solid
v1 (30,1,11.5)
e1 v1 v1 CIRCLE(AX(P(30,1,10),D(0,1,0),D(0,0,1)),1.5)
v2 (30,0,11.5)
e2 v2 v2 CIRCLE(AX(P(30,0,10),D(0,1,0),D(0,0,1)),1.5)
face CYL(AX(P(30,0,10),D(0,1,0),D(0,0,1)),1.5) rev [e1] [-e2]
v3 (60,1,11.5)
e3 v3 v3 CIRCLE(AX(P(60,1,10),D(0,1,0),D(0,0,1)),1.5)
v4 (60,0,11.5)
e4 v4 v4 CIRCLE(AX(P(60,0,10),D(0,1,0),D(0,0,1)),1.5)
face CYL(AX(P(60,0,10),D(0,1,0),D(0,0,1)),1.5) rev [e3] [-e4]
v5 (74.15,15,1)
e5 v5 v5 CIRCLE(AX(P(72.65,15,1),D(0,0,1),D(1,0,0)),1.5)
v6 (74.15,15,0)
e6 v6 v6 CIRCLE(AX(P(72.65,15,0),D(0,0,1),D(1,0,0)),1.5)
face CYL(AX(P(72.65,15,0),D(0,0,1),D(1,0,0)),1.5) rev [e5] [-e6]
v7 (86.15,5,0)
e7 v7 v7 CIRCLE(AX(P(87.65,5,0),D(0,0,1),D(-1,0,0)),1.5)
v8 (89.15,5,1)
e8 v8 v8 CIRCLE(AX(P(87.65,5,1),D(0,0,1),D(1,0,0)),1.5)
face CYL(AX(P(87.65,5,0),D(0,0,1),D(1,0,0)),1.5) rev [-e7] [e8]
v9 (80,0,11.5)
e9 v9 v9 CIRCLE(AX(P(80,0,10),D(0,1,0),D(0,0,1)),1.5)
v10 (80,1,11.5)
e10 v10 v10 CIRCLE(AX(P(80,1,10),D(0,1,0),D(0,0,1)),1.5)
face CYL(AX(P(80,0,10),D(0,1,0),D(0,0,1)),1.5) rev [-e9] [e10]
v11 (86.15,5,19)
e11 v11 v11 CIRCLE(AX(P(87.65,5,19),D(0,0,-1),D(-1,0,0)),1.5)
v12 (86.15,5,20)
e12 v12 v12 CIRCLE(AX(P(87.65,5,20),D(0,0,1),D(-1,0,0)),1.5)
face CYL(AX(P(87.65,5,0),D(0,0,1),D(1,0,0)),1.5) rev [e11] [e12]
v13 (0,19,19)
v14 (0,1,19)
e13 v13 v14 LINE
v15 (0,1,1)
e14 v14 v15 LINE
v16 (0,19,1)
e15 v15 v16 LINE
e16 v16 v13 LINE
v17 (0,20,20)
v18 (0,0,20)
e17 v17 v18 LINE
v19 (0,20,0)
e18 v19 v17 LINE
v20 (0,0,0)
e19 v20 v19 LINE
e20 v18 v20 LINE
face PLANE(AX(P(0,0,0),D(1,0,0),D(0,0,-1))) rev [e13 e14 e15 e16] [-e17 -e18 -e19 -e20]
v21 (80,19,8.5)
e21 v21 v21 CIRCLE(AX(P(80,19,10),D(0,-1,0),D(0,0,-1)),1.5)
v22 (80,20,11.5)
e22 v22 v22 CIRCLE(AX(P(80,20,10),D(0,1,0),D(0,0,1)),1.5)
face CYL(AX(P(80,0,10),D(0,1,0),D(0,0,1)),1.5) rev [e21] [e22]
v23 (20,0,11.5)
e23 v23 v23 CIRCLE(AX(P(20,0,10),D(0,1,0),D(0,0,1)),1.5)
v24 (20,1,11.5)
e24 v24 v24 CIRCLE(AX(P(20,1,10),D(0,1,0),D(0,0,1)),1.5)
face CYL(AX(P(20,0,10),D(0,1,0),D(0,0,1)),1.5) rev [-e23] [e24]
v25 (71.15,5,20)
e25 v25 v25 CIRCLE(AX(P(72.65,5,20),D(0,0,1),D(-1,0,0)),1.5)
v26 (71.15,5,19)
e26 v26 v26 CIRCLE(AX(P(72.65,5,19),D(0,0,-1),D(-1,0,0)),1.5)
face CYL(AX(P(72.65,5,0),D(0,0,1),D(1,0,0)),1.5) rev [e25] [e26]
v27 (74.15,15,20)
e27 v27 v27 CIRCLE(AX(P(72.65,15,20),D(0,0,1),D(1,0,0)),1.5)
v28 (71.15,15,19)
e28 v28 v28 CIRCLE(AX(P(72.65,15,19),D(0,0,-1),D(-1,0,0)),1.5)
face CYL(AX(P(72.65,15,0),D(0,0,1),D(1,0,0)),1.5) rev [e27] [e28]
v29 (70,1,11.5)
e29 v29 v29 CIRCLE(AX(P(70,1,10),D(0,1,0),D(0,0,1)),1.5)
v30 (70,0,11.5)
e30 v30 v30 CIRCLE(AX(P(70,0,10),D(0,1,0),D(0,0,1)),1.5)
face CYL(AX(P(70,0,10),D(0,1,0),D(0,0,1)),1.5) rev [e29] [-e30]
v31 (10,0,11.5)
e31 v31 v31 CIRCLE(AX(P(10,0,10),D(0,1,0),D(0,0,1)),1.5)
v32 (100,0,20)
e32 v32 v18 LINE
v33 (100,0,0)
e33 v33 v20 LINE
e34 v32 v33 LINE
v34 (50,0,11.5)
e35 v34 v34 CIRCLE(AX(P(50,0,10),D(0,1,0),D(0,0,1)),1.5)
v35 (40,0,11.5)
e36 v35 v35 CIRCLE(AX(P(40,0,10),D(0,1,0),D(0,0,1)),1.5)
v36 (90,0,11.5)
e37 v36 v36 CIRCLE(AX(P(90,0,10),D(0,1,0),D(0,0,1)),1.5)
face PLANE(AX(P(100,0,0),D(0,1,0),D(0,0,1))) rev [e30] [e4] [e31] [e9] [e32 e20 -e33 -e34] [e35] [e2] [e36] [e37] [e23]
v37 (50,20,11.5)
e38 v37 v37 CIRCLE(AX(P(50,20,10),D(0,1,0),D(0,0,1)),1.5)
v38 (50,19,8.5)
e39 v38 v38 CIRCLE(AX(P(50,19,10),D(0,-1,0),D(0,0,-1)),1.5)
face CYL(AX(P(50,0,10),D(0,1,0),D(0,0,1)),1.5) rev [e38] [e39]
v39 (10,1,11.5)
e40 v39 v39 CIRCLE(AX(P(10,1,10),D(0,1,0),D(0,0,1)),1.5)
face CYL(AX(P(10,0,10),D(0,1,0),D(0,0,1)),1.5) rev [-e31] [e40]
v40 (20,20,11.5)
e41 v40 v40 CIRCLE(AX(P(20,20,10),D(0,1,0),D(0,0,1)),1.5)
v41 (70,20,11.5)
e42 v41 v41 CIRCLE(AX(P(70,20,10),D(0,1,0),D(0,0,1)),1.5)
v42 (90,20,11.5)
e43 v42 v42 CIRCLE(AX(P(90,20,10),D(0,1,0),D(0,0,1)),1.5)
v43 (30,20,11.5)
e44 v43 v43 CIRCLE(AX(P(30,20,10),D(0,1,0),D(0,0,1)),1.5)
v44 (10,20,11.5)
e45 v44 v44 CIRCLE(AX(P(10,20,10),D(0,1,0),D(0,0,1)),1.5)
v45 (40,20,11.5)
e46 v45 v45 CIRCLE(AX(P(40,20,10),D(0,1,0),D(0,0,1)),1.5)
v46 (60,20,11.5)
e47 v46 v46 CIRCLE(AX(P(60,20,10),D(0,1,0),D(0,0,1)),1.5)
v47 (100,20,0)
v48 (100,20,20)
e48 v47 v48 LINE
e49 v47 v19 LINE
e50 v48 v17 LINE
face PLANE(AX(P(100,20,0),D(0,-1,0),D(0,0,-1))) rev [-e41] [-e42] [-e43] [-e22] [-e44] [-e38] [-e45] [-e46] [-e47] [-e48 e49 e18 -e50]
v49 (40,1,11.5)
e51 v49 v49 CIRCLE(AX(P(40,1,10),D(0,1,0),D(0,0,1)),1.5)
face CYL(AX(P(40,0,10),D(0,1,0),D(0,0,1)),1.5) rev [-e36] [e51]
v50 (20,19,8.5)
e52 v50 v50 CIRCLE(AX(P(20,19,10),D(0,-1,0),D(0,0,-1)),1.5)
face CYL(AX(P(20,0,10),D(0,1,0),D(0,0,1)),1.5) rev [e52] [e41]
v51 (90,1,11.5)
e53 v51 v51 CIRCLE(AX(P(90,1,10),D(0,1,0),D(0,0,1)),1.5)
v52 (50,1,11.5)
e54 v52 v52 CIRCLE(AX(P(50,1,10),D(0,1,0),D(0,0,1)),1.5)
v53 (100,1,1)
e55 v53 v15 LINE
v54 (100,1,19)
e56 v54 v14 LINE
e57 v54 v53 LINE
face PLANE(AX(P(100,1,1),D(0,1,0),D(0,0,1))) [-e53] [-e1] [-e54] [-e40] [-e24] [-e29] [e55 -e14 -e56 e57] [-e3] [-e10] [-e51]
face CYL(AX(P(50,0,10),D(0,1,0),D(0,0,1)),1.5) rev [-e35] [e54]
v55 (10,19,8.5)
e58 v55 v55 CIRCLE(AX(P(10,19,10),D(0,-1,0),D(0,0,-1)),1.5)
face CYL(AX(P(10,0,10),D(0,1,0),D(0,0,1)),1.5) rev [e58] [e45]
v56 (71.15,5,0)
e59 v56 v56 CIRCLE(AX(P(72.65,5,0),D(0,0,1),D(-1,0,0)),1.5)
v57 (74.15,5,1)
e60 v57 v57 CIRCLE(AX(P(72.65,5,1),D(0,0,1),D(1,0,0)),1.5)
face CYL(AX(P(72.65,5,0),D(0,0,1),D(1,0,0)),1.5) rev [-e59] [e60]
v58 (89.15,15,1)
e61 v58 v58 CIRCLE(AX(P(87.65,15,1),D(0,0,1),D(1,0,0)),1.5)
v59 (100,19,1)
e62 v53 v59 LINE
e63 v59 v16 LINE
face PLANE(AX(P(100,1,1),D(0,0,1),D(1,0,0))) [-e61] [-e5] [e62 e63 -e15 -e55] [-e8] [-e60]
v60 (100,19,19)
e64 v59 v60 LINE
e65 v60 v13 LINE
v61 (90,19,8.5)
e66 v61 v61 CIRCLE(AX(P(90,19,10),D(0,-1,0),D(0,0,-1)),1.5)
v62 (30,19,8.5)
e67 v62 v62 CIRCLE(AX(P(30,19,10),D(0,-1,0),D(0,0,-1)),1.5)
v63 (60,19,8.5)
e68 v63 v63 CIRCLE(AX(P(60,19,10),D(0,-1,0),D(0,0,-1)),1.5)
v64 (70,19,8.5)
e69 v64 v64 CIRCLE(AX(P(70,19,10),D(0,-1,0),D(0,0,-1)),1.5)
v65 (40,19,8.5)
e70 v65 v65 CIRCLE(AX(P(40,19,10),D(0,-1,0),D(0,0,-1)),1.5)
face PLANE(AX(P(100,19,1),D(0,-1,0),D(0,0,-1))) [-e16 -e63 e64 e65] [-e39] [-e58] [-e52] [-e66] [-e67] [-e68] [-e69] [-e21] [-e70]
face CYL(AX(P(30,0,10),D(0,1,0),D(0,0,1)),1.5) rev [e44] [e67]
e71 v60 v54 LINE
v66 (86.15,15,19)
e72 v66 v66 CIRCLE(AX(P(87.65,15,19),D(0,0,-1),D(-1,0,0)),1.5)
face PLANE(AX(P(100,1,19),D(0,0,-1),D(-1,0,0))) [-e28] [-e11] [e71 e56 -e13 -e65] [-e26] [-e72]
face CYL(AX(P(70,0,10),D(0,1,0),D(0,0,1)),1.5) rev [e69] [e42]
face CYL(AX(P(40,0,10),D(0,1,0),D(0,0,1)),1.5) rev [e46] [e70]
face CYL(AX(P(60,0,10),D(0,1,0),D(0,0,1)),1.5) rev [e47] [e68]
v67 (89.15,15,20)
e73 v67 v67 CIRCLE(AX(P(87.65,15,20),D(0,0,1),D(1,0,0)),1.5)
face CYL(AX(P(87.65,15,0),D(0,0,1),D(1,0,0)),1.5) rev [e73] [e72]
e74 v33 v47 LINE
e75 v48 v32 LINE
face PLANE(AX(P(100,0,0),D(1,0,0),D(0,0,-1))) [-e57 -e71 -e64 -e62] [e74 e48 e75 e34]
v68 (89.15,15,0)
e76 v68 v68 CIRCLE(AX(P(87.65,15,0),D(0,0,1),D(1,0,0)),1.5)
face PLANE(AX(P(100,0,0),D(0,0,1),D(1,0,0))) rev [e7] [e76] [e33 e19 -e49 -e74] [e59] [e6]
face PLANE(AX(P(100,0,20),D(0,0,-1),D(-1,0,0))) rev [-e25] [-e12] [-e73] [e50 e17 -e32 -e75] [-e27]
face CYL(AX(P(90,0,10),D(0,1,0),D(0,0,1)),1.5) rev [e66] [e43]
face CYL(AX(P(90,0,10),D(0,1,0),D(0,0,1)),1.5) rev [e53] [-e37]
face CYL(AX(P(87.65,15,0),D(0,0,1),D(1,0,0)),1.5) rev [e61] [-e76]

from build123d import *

# Parameters (mm, degrees)
SKETCH_1_W          = 20
SKETCH_1_H          = 20
SKETCH_1_W_2        = 18
SKETCH_1_H_2        = 18
EXTRUDE_1_DEPTH     = 100
SKETCH_2_R          = 1.5
CUT_EXTRUDE_1_DEPTH = 104.923048454
SKETCH_3_R          = 1.5
CUT_EXTRUDE_2_DEPTH = 104.923048454


with BuildPart() as part:
    # 草图1 → 凸台-拉伸1 (new body)
    with BuildSketch(Plane(origin=(0, 0, 0), x_dir=(0, 0, -1), z_dir=(1, 0, 0))):
        with Locations((-10, 10)):
            Rectangle(SKETCH_1_W, SKETCH_1_H)
        with Locations((-10, 10)):
            Rectangle(SKETCH_1_W_2, SKETCH_1_H_2, mode=Mode.SUBTRACT)
    extrude(amount=EXTRUDE_1_DEPTH)

    # 草图2 → 切除-拉伸1 (cut, through all)
    with BuildSketch(Plane.XY.offset(20)):
        with Locations((72.65, 15)):
            Circle(SKETCH_2_R)
        with Locations(Location((72.65, 5, 0), (0, 0, 180))):
            Circle(SKETCH_2_R)
        with Locations((87.65, 15)):
            Circle(SKETCH_2_R)
        with Locations(Location((87.65, 5, 0), (0, 0, 180))):
            Circle(SKETCH_2_R)
    extrude(amount=-CUT_EXTRUDE_1_DEPTH, mode=Mode.SUBTRACT)

    # 草图3 → 切除-拉伸2 (cut, through all)
    with BuildSketch(Plane(origin=(0, 20, 0), x_dir=(1, 0, 0), z_dir=(0, 1, 0))):
        with Locations(Location((90, -10, 0), (0, 0, 270))):
            Circle(SKETCH_3_R)
        with Locations(Location((80, -10, 0), (0, 0, 270))):
            Circle(SKETCH_3_R)
        with Locations(Location((70, -10, 0), (0, 0, 270))):
            Circle(SKETCH_3_R)
        with Locations(Location((60, -10, 0), (0, 0, 270))):
            Circle(SKETCH_3_R)
        with Locations(Location((50, -10, 0), (0, 0, 270))):
            Circle(SKETCH_3_R)
        with Locations(Location((40, -10, 0), (0, 0, 270))):
            Circle(SKETCH_3_R)
        with Locations(Location((30, -10, 0), (0, 0, 270))):
            Circle(SKETCH_3_R)
        with Locations(Location((20, -10, 0), (0, 0, 270))):
            Circle(SKETCH_3_R)
        with Locations(Location((10, -10, 0), (0, 0, 270))):
            Circle(SKETCH_3_R)
    extrude(amount=-CUT_EXTRUDE_2_DEPTH, mode=Mode.SUBTRACT)


solid = part.part
